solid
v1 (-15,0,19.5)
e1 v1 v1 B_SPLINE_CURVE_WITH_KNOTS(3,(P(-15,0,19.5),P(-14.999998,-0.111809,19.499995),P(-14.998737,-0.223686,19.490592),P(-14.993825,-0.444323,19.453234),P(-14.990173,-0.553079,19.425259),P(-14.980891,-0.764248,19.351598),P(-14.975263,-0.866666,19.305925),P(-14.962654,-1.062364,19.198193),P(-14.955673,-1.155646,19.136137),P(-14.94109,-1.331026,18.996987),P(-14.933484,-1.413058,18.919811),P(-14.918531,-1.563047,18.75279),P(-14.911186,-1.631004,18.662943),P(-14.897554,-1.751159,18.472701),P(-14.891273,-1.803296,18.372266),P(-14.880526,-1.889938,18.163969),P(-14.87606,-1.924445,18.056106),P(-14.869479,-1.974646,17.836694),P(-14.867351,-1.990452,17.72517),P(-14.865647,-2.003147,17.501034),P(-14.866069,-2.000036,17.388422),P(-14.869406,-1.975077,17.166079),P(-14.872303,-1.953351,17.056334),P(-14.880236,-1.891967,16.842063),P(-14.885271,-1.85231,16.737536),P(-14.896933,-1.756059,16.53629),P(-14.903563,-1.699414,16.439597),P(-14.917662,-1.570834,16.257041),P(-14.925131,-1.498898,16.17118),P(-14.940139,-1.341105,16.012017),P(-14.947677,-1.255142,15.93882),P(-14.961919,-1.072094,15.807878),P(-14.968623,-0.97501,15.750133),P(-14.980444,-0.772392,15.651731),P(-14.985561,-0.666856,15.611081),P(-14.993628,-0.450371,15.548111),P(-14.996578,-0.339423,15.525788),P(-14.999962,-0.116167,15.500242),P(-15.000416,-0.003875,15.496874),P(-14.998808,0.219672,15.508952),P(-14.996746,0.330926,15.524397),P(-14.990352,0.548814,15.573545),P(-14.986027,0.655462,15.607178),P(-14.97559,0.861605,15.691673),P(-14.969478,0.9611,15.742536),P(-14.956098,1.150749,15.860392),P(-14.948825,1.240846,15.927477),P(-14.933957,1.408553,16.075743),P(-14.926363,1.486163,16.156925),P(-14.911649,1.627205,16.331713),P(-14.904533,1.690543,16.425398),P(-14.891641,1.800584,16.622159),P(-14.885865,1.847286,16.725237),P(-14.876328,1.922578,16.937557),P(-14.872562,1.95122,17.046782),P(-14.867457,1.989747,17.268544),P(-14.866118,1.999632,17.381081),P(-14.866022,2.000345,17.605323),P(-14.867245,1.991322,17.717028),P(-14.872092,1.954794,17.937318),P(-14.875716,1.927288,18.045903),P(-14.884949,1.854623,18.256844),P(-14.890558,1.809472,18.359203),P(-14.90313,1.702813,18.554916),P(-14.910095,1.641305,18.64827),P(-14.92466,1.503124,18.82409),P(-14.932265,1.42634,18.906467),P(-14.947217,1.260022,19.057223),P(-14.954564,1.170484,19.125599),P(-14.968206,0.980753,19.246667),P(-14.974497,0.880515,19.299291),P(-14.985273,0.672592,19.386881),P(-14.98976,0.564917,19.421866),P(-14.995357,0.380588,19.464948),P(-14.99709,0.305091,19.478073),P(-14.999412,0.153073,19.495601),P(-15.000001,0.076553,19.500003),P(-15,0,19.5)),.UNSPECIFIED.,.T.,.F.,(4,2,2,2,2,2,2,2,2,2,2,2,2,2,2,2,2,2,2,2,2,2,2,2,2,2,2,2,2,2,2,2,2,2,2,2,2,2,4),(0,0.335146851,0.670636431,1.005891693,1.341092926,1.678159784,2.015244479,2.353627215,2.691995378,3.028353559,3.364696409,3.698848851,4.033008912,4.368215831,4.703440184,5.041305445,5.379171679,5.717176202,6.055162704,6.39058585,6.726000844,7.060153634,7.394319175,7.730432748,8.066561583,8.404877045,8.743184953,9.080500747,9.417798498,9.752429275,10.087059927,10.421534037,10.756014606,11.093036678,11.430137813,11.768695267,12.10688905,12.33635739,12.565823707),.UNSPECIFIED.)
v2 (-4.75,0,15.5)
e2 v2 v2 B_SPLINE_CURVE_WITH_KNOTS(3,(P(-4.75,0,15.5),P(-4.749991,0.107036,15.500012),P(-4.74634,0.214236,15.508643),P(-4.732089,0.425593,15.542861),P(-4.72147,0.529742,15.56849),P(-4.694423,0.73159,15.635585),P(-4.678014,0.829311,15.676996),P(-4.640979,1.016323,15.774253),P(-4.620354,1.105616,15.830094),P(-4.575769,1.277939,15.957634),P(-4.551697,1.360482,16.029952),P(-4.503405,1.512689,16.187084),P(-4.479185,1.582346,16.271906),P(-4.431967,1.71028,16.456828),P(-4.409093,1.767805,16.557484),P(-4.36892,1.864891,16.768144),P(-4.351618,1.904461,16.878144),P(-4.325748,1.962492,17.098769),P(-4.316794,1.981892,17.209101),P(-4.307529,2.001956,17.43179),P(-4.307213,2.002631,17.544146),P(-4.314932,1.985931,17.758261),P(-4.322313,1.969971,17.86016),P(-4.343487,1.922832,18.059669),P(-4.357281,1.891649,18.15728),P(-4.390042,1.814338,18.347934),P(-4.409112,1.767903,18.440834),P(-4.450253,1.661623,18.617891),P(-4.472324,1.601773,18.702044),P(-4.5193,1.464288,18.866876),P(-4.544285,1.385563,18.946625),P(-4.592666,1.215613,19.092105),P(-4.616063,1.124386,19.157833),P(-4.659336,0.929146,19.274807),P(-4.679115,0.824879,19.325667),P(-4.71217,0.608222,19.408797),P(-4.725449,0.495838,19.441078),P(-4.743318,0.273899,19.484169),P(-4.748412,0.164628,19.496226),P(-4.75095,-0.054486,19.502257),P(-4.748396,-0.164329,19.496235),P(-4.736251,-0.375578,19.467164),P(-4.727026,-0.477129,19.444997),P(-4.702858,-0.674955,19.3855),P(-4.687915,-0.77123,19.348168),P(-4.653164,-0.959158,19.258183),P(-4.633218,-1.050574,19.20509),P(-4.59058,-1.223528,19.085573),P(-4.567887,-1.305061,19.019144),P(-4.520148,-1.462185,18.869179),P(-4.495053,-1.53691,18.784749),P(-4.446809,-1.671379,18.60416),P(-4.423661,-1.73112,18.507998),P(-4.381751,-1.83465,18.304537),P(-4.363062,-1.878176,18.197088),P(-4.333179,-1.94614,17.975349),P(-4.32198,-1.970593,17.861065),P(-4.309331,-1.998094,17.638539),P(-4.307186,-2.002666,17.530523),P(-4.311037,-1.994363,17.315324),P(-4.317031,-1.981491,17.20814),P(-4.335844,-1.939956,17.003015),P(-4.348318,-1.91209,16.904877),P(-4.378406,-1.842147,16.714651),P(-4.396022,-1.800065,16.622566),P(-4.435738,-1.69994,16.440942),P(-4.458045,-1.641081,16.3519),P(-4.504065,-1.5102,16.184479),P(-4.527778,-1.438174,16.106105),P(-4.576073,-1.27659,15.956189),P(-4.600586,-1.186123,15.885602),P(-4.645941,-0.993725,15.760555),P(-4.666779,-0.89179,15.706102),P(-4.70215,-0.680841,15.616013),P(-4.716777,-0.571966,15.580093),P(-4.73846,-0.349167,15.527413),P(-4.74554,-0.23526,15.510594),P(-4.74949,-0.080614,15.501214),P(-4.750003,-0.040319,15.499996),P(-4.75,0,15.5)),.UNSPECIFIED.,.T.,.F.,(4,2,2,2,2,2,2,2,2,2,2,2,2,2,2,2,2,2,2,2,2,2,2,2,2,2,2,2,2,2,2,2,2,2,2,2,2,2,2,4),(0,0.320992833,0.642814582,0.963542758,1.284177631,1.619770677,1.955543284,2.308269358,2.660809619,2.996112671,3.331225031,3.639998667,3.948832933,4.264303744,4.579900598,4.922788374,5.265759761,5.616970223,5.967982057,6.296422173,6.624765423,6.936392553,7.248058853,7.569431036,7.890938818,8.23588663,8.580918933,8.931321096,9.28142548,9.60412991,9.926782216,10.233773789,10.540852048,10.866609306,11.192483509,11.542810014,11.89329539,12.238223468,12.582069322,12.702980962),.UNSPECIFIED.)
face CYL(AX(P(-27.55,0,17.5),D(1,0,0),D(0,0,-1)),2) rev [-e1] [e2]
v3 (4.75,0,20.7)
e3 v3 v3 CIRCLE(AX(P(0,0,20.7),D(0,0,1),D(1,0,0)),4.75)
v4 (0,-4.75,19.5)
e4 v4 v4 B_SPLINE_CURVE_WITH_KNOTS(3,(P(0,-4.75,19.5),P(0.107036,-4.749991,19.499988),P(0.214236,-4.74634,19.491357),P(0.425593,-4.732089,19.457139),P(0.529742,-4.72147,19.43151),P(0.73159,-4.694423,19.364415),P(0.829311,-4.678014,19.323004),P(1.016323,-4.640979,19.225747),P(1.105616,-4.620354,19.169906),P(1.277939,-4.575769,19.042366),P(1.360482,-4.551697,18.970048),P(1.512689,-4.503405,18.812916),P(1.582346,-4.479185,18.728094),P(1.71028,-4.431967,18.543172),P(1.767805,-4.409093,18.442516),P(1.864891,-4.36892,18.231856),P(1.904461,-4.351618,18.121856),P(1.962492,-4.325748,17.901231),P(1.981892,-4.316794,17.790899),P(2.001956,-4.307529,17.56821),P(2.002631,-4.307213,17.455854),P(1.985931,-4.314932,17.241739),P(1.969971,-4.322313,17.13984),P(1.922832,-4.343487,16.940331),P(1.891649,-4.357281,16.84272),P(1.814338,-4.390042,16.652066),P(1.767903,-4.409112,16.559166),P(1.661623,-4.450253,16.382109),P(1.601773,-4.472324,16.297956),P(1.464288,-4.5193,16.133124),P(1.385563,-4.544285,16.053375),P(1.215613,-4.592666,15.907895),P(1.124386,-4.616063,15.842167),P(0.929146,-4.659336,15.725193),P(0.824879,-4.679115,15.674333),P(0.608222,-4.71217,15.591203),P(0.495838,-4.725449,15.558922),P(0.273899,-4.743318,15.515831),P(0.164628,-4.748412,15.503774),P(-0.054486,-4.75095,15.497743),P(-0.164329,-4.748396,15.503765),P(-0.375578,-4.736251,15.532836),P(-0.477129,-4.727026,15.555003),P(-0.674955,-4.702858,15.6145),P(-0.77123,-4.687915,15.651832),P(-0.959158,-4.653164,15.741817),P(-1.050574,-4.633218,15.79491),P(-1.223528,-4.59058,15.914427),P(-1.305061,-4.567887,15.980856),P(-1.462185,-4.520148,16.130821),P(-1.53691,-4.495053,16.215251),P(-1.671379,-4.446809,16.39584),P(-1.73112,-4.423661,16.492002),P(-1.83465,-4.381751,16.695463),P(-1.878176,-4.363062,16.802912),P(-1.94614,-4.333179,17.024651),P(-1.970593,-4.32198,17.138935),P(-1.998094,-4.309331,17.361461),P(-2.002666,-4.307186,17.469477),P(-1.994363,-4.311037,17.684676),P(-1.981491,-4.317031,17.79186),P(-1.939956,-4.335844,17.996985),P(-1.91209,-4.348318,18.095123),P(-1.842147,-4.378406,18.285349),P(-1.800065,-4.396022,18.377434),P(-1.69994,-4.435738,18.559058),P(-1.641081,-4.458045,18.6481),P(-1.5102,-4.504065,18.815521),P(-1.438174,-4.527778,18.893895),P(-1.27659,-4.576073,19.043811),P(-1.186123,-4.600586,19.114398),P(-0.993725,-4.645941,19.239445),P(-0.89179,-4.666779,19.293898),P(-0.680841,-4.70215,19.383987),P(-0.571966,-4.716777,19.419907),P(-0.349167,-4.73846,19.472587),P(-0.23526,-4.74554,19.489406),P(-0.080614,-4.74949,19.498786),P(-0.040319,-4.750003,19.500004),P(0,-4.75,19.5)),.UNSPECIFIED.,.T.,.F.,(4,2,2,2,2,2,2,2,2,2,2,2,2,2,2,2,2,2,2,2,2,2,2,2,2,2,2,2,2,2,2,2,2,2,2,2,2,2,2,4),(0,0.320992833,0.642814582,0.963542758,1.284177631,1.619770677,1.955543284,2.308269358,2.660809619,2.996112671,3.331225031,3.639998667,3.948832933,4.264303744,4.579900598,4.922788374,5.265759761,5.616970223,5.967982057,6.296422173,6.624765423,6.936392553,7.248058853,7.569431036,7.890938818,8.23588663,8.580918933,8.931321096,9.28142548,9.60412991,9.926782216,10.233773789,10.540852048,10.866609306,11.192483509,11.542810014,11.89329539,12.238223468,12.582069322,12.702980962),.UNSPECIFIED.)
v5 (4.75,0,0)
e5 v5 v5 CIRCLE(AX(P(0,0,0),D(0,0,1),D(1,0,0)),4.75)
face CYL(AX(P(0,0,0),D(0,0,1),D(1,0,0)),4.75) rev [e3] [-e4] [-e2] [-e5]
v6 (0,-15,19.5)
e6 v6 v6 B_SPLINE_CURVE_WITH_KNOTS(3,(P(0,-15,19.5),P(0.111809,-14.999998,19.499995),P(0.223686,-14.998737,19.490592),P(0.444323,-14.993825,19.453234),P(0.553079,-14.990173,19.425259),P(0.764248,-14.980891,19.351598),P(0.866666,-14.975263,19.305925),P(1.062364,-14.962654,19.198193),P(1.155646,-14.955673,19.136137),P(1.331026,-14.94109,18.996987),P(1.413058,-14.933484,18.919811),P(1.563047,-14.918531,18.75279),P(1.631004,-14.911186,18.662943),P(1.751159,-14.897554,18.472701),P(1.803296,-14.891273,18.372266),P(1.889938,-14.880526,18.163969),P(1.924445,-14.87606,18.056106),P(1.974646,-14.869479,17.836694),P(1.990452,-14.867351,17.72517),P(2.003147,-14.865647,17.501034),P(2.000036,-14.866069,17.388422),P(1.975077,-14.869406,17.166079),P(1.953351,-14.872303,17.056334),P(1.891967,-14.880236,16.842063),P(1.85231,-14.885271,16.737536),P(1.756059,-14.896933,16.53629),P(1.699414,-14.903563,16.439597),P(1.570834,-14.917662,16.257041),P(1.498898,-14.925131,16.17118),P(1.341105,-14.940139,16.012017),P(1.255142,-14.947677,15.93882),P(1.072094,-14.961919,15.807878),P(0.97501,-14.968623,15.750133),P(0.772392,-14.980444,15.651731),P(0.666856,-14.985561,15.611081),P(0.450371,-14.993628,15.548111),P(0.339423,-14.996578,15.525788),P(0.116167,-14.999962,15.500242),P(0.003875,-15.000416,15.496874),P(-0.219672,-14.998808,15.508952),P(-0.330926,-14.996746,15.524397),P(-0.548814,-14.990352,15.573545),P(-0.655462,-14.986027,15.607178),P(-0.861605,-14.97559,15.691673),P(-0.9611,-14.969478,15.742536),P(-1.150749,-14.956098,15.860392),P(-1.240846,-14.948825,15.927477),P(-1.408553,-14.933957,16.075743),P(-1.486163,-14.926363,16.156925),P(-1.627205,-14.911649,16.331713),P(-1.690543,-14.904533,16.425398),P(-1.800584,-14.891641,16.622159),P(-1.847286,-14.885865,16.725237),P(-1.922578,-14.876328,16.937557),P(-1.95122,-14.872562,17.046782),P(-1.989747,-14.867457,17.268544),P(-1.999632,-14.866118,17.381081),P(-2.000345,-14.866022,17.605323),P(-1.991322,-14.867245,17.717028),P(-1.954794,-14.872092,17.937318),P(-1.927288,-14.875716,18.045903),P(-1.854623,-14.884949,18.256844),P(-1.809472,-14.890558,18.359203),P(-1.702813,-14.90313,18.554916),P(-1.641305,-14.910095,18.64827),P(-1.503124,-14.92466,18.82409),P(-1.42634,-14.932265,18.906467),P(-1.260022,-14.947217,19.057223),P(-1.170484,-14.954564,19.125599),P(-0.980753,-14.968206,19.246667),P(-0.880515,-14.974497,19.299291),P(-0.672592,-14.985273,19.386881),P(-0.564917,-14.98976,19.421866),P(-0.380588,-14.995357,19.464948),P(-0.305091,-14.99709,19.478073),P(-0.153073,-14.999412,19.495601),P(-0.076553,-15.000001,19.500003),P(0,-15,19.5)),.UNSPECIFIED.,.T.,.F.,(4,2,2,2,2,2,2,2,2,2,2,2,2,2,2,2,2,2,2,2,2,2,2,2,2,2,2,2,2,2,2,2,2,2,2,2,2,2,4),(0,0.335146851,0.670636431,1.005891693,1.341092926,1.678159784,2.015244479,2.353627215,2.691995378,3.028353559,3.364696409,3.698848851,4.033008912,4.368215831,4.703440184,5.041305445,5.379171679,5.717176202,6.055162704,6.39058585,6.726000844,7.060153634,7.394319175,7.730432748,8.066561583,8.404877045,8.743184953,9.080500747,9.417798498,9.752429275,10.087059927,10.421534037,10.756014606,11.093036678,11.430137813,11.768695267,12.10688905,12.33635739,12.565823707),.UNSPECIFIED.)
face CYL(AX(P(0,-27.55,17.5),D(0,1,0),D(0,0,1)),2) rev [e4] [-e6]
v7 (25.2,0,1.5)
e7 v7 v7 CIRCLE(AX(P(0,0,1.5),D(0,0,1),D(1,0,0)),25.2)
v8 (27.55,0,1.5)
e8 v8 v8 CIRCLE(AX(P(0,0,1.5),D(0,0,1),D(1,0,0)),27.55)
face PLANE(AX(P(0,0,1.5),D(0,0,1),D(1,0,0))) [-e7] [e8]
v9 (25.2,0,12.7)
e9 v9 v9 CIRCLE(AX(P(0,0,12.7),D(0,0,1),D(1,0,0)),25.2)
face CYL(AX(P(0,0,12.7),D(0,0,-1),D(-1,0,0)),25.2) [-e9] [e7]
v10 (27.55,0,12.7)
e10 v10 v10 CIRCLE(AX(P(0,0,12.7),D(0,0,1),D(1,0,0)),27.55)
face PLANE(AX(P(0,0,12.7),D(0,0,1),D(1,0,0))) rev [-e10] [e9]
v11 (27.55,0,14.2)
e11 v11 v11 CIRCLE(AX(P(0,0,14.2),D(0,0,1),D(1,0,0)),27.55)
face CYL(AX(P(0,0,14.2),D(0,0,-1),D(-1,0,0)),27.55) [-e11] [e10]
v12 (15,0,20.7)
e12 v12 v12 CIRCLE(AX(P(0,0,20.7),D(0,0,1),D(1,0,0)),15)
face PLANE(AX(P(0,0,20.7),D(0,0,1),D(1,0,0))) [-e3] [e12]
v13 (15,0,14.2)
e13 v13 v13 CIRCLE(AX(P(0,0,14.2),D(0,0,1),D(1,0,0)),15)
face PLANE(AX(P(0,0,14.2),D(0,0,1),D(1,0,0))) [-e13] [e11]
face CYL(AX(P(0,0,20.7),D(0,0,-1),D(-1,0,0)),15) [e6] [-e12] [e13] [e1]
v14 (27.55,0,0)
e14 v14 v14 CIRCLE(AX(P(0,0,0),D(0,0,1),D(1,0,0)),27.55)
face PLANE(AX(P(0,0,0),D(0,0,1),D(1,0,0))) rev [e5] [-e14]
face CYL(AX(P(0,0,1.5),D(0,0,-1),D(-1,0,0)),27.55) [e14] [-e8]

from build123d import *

# Parameters (mm, degrees)
CROQUIS1_R              = 27.55
SALIENTE_EXTRUIR1_DEPTH = 1.5
CROQUIS2_R              = 25.2
SALIENTE_EXTRUIR2_DEPTH = 11.2
CROQUIS3_R              = 27.55
SALIENTE_EXTRUIR3_DEPTH = 1.5
CROQUIS8_R              = 15
SALIENTE_EXTRUIR5_DEPTH = 6.5
CROQUIS6_R              = 2
CORTAR_EXTRUIR3_DEPTH   = 45.119100172
CROQUIS5_R              = 2
CORTAR_EXTRUIR2_DEPTH   = 45.119100219
CROQUIS4_R              = 4.75
CORTAR_EXTRUIR1_DEPTH   = 45.119100172


with BuildPart() as part:
    # Croquis1 → Saliente-Extruir1 (new body)
    with BuildSketch(Plane.XY):
        Circle(CROQUIS1_R)
    extrude(amount=SALIENTE_EXTRUIR1_DEPTH)

    # Croquis2 → Saliente-Extruir2 (add)
    with BuildSketch(Plane.XY.offset(1.5)):
        Circle(CROQUIS2_R)
    extrude(amount=SALIENTE_EXTRUIR2_DEPTH)

    # Croquis3 → Saliente-Extruir3 (add)
    with BuildSketch(Plane.XY.offset(12.7)):
        Circle(CROQUIS3_R)
    extrude(amount=SALIENTE_EXTRUIR3_DEPTH)

    # Croquis8 → Saliente-Extruir5 (add)
    with BuildSketch(Plane.XY.offset(14.2)):
        with Locations(Location((0, 0, 0), (0, 0, 180))):
            Circle(CROQUIS8_R)
    extrude(amount=SALIENTE_EXTRUIR5_DEPTH)

    # Croquis6 → Cortar-Extruir3 (cut, through all)
    with BuildSketch(Plane(origin=(0, 0, 0), x_dir=(1, 0, 0), z_dir=(0, 1, 0))):
        with Locations(Location((0, -17.5, 0), (0, 0, 270))):
            Circle(CROQUIS6_R)
    extrude(amount=-CORTAR_EXTRUIR3_DEPTH, mode=Mode.SUBTRACT)

    # Croquis5 → Cortar-Extruir2 (cut, through all)
    with BuildSketch(Plane(origin=(0, 0, 0), x_dir=(0, 0, -1), z_dir=(1, 0, 0))):
        with Locations(Location((-17.5, 0, 0), (0, 0, 180))):
            Circle(CROQUIS5_R)
    extrude(amount=-CORTAR_EXTRUIR2_DEPTH, mode=Mode.SUBTRACT)

    # Croquis4 → Cortar-Extruir1 (cut, through all)
    with BuildSketch(Plane.XY.offset(20.7)):
        Circle(CROQUIS4_R)
    extrude(amount=-CORTAR_EXTRUIR1_DEPTH, mode=Mode.SUBTRACT)


solid = part.part
